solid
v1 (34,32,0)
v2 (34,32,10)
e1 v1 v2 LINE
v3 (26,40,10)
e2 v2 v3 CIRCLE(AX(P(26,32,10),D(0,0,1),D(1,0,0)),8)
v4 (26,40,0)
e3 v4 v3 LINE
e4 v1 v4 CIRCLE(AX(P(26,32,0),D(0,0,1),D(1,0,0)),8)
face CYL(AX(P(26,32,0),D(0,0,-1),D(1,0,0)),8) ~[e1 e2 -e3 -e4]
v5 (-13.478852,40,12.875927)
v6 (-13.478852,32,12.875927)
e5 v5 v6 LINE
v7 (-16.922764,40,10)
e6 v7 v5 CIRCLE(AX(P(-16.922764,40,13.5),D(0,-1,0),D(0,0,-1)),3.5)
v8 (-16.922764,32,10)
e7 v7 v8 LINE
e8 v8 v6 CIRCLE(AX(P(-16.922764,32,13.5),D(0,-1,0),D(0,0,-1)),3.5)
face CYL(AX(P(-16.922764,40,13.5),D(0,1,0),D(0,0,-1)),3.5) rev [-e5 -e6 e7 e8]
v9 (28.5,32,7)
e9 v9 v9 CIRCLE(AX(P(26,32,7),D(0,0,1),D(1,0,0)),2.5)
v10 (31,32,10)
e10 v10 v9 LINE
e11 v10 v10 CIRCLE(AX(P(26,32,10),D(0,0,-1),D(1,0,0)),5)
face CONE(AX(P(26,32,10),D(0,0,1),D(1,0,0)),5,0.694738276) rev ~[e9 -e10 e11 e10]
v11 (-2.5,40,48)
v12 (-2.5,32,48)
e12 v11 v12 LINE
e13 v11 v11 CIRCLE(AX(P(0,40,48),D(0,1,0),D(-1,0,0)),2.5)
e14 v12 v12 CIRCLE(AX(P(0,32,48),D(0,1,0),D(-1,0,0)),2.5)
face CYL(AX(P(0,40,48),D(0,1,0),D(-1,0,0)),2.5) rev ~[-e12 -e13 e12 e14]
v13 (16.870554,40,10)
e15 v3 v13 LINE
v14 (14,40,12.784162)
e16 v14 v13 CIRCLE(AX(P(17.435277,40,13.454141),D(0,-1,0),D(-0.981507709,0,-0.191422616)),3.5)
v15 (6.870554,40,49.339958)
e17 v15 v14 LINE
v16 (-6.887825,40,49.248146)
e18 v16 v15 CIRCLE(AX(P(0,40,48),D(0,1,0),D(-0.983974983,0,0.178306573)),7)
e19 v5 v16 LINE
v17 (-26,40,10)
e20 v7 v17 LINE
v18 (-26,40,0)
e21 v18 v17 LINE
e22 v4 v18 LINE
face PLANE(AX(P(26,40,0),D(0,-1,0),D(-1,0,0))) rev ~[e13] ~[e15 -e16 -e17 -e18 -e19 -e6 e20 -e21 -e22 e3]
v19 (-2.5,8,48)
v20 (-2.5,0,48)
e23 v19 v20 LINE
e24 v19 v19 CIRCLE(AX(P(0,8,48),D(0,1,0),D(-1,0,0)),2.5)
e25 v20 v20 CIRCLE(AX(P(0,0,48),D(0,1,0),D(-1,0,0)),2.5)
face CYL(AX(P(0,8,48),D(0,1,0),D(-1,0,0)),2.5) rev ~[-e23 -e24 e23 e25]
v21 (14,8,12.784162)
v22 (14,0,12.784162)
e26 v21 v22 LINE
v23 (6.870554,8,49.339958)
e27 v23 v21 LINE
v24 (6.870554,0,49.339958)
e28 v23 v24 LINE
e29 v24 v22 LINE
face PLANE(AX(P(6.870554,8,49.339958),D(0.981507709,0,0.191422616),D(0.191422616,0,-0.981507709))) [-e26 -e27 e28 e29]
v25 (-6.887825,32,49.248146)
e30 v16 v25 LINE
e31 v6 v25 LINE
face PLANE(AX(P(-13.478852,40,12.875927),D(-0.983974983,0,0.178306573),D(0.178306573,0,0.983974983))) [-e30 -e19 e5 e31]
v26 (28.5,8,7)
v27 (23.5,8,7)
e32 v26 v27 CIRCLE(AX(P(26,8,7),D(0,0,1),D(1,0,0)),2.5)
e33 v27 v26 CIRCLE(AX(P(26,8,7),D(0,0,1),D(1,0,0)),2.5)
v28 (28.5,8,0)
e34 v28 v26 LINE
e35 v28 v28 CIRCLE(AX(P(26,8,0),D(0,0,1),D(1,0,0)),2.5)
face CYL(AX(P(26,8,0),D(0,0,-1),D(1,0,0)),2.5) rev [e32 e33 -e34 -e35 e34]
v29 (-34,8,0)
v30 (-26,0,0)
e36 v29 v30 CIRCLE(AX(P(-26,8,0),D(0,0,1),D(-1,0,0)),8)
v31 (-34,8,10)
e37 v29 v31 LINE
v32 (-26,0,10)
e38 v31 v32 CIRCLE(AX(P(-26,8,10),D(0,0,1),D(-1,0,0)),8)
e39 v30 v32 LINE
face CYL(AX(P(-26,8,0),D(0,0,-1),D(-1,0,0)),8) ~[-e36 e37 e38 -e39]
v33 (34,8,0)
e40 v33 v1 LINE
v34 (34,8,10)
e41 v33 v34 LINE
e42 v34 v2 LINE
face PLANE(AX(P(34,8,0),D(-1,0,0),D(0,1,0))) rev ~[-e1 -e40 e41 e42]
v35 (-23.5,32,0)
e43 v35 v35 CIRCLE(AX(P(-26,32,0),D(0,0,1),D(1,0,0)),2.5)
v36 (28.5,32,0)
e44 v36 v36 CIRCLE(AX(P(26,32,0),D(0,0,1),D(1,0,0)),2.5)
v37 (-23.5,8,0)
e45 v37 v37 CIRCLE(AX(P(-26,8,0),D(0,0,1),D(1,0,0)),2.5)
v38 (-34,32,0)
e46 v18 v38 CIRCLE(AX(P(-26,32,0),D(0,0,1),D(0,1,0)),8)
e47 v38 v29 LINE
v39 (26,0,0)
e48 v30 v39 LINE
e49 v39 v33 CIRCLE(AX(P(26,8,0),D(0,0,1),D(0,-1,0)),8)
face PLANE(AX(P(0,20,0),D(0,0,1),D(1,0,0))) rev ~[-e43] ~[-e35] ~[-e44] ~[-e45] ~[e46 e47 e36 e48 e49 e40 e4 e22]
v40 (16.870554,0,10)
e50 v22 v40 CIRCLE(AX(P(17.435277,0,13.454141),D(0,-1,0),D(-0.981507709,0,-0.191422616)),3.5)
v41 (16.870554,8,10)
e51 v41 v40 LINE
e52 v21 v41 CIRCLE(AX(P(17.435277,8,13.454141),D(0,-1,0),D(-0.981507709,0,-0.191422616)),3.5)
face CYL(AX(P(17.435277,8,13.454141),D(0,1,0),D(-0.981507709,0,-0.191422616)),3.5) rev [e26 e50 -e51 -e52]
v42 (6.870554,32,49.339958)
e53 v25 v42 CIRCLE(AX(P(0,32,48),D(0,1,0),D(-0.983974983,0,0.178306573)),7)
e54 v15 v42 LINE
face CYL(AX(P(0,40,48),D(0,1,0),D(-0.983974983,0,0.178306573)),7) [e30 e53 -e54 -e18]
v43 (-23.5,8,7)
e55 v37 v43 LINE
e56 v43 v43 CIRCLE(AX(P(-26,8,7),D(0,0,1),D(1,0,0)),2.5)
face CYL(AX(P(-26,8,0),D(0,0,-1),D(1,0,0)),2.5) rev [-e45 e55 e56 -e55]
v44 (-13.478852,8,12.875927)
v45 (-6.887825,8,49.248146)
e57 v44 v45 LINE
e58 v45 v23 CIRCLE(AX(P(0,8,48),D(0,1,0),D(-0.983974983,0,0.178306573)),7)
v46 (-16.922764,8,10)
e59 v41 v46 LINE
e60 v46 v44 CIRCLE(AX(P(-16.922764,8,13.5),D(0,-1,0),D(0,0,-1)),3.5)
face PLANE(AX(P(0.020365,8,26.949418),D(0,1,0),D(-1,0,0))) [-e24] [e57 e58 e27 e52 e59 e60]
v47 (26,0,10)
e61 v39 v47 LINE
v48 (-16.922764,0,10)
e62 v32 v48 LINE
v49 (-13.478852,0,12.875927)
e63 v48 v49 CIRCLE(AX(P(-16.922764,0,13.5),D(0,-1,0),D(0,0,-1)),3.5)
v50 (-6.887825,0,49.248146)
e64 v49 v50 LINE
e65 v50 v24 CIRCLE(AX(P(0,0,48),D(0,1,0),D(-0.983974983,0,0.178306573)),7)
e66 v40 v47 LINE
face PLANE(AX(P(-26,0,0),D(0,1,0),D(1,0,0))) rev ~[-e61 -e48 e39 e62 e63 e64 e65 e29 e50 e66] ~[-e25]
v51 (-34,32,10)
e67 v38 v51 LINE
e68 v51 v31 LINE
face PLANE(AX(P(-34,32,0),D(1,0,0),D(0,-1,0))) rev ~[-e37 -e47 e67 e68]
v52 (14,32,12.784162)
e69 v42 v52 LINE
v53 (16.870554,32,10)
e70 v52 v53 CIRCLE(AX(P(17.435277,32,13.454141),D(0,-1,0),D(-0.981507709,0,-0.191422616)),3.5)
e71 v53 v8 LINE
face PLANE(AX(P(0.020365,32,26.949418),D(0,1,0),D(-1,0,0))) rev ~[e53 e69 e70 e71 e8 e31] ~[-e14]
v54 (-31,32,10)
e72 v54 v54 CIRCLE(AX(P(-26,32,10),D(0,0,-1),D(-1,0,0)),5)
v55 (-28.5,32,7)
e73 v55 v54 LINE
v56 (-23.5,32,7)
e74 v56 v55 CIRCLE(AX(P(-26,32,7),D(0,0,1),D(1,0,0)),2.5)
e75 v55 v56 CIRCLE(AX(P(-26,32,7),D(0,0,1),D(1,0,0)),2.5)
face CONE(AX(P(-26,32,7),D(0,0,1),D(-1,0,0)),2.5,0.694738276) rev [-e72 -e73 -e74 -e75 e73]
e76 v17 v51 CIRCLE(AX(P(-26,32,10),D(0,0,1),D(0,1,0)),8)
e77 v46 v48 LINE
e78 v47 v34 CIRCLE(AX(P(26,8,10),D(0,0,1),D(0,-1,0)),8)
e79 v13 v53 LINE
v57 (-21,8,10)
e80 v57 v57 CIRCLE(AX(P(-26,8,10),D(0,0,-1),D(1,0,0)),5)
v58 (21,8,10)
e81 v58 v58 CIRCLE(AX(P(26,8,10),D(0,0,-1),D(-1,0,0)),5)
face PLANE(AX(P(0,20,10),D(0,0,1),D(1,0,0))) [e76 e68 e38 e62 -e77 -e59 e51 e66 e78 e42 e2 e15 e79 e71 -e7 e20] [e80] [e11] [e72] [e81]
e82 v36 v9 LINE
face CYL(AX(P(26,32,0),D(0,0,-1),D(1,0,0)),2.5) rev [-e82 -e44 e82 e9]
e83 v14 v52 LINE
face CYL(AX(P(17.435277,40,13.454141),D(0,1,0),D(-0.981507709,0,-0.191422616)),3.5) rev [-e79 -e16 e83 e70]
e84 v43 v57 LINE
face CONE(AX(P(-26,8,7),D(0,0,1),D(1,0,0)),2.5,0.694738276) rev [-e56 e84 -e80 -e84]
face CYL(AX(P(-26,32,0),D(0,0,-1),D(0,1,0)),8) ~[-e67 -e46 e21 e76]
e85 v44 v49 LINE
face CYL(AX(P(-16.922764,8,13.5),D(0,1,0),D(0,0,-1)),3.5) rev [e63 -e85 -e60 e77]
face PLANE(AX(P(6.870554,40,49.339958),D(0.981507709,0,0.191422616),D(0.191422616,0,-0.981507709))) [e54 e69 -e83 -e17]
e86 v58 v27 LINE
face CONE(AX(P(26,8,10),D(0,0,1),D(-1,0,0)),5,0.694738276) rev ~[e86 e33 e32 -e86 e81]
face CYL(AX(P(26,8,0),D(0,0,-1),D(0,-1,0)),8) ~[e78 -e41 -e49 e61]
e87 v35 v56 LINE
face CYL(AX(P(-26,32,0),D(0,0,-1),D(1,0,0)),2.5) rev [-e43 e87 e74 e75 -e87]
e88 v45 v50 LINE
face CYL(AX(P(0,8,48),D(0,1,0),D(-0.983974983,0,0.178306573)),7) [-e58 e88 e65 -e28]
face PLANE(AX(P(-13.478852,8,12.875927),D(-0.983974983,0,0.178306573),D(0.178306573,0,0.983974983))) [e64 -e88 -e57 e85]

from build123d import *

# Parameters (mm, degrees)
F0_R     = 5
F0_R_2   = 2.5
F1_DEPTH = 10
F2_R     = 2.5
F3_DEPTH = 8
F4_START = -32
F4_DEPTH = 8
F5_DEPTH = 7


with BuildPart() as f1:
    # F0 (on Top) → F1 (new body)
    with BuildSketch(Plane.XY):
        with BuildLine():
            Line((26, 40), (-26, 40))
            ThreePointArc((-26, 40), (-31.6568542495, 37.6568542495), (-34, 32))
            Line((-34, 32), (-34, 8))
            ThreePointArc((-34, 8), (-31.6568542495, 2.3431457505), (-26, 0))
            Line((-26, 0), (26, 0))
            ThreePointArc((26, 0), (31.6568542495, 2.3431457505), (34, 8))
            Line((34, 8), (34, 32))
            ThreePointArc((34, 32), (31.6568542495, 37.6568542495), (26, 40))
        make_face()
        with Locations((-26, 8)):
            Circle(F0_R, mode=Mode.SUBTRACT)
        with Locations((26, 8)):
            Circle(F0_R, mode=Mode.SUBTRACT)
        with Locations((-26, 32)):
            Circle(F0_R, mode=Mode.SUBTRACT)
        with Locations((26, 32)):
            Circle(F0_R, mode=Mode.SUBTRACT)
        with Locations((-26, 32)):
            Circle(F0_R)
        with Locations((-26, 32)):
            Circle(F0_R_2, mode=Mode.SUBTRACT)
        with Locations((-26, 8)):
            Circle(F0_R)
        with Locations((-26, 8)):
            Circle(F0_R_2, mode=Mode.SUBTRACT)
        with Locations((26, 8)):
            Circle(F0_R)
        with Locations((26, 8)):
            Circle(F0_R_2, mode=Mode.SUBTRACT)
        with Locations((26, 32)):
            Circle(F0_R)
        with Locations((26, 32)):
            Circle(F0_R_2, mode=Mode.SUBTRACT)
        with Locations((26, 32)):
            Circle(F0_R_2)
        with Locations((26, 8)):
            Circle(F0_R_2)
        with Locations((-26, 8)):
            Circle(F0_R_2)
        with Locations((-26, 32)):
            Circle(F0_R_2)
    extrude(amount=F1_DEPTH)

    # F2 (on face) → F3 (join)
    with BuildSketch(Plane(origin=(0, 40, 0), x_dir=(-1, 0, 0), z_dir=(0, 1, 0))):
        with BuildLine():
            ThreePointArc((-14, 12.7841615349), (-14.9984986023, 10.9417491732), (-16.8705539605, 10))
            Line((-16.8705539605, 10), (16.922764346, 10))
            ThreePointArc((16.922764346, 10), (14.6793579532, 10.8135287538), (13.4788519072, 12.8759269962))
            Line((13.4788519072, 12.8759269962), (6.8878248776, 49.2481460075))
            ThreePointArc((6.8878248776, 49.2481460075), (6.9718998179, 48.6265883246), (7, 48))
            ThreePointArc((7, 48), (-0.673098164, 41.0324366625), (-6.8705539605, 49.3399583115))
            Line((-6.8705539605, 49.3399583115), (-14, 12.7841615349))
        make_face()
        with BuildLine():
            ThreePointArc((6.8878248776, 49.2481460075), (0.0467113041, 54.999844145), (-6.8705539605, 49.3399583115))
            ThreePointArc((-6.8705539605, 49.3399583115), (-0.673098164, 41.0324366625), (7, 48))
            ThreePointArc((7, 48), (6.9718998179, 48.6265883246), (6.8878248776, 49.2481460075))
        make_face()
        with Locations((0, 48)):
            Circle(F2_R, mode=Mode.SUBTRACT)
    extrude(amount=-F3_DEPTH)

    # F2 (on face) → F4 (join)
    with BuildSketch(Plane(origin=(0, 40, 0), x_dir=(-1, 0, 0), z_dir=(0, 1, 0)).offset(F4_START)):
        with BuildLine():
            ThreePointArc((-14, 12.7841615349), (-14.9984986023, 10.9417491732), (-16.8705539605, 10))
            Line((-16.8705539605, 10), (16.922764346, 10))
            ThreePointArc((16.922764346, 10), (14.6793579532, 10.8135287538), (13.4788519072, 12.8759269962))
            Line((13.4788519072, 12.8759269962), (6.8878248776, 49.2481460075))
            ThreePointArc((6.8878248776, 49.2481460075), (6.9718998179, 48.6265883246), (7, 48))
            ThreePointArc((7, 48), (-0.673098164, 41.0324366625), (-6.8705539605, 49.3399583115))
            Line((-6.8705539605, 49.3399583115), (-14, 12.7841615349))
        make_face()
        with BuildLine():
            ThreePointArc((6.8878248776, 49.2481460075), (0.0467113041, 54.999844145), (-6.8705539605, 49.3399583115))
            ThreePointArc((-6.8705539605, 49.3399583115), (-0.673098164, 41.0324366625), (7, 48))
            ThreePointArc((7, 48), (6.9718998179, 48.6265883246), (6.8878248776, 49.2481460075))
        make_face()
        with Locations((0, 48)):
            Circle(F2_R, mode=Mode.SUBTRACT)
    extrude(amount=-F4_DEPTH)

    # F0 (on Top) → F5 (cut)
    with BuildSketch(Plane.XY):
        with Locations((26, 8)):
            Circle(F0_R_2)
        with Locations((26, 32)):
            Circle(F0_R_2)
        with Locations((-26, 32)):
            Circle(F0_R_2)
        with Locations((-26, 8)):
            Circle(F0_R_2)
    extrude(amount=F5_DEPTH, mode=Mode.SUBTRACT)

    # F7 (on offset) → F8 (revolve, cut)
    with BuildSketch(Plane.XZ.offset(-8)):
        Polygon((-21, 10), (-26, 10), (-26, 7), (-23.5, 7), align=None)
    revolve(axis=Axis((-26, 8, 8.5), (0, 0, -1)), mode=Mode.SUBTRACT)

    # F9 (on offset) → F10 (revolve, cut)
    with BuildSketch(Plane.XZ.offset(-8)):
        Polygon((26, 7), (26, 10), (21, 10), (23.5, 7), align=None)
    revolve(axis=Axis((26, 8, 8.5), (0, 0, -1)), mode=Mode.SUBTRACT)

    # F12 (on offset) → F13 (revolve, cut)
    with BuildSketch(Plane(origin=(0, 32, 0), x_dir=(-1, 0, 0), z_dir=(0, 1, 0))):
        Polygon((-26, 7), (-26, 10), (-31, 10), (-28.5, 7), align=None)
    revolve(axis=Axis((26, 32, 8.5), (0, 0, -1)), mode=Mode.SUBTRACT)

    # F14 (on offset) → F15 (revolve, cut)
    with BuildSketch(Plane(origin=(0, 32, 0), x_dir=(-1, 0, 0), z_dir=(0, 1, 0))):
        Polygon((31, 10), (26, 10), (26, 7), (28.5, 7), align=None)
    revolve(axis=Axis((-26, 32, 8.5), (0, 0, -1)), mode=Mode.SUBTRACT)


solid = f1.part
